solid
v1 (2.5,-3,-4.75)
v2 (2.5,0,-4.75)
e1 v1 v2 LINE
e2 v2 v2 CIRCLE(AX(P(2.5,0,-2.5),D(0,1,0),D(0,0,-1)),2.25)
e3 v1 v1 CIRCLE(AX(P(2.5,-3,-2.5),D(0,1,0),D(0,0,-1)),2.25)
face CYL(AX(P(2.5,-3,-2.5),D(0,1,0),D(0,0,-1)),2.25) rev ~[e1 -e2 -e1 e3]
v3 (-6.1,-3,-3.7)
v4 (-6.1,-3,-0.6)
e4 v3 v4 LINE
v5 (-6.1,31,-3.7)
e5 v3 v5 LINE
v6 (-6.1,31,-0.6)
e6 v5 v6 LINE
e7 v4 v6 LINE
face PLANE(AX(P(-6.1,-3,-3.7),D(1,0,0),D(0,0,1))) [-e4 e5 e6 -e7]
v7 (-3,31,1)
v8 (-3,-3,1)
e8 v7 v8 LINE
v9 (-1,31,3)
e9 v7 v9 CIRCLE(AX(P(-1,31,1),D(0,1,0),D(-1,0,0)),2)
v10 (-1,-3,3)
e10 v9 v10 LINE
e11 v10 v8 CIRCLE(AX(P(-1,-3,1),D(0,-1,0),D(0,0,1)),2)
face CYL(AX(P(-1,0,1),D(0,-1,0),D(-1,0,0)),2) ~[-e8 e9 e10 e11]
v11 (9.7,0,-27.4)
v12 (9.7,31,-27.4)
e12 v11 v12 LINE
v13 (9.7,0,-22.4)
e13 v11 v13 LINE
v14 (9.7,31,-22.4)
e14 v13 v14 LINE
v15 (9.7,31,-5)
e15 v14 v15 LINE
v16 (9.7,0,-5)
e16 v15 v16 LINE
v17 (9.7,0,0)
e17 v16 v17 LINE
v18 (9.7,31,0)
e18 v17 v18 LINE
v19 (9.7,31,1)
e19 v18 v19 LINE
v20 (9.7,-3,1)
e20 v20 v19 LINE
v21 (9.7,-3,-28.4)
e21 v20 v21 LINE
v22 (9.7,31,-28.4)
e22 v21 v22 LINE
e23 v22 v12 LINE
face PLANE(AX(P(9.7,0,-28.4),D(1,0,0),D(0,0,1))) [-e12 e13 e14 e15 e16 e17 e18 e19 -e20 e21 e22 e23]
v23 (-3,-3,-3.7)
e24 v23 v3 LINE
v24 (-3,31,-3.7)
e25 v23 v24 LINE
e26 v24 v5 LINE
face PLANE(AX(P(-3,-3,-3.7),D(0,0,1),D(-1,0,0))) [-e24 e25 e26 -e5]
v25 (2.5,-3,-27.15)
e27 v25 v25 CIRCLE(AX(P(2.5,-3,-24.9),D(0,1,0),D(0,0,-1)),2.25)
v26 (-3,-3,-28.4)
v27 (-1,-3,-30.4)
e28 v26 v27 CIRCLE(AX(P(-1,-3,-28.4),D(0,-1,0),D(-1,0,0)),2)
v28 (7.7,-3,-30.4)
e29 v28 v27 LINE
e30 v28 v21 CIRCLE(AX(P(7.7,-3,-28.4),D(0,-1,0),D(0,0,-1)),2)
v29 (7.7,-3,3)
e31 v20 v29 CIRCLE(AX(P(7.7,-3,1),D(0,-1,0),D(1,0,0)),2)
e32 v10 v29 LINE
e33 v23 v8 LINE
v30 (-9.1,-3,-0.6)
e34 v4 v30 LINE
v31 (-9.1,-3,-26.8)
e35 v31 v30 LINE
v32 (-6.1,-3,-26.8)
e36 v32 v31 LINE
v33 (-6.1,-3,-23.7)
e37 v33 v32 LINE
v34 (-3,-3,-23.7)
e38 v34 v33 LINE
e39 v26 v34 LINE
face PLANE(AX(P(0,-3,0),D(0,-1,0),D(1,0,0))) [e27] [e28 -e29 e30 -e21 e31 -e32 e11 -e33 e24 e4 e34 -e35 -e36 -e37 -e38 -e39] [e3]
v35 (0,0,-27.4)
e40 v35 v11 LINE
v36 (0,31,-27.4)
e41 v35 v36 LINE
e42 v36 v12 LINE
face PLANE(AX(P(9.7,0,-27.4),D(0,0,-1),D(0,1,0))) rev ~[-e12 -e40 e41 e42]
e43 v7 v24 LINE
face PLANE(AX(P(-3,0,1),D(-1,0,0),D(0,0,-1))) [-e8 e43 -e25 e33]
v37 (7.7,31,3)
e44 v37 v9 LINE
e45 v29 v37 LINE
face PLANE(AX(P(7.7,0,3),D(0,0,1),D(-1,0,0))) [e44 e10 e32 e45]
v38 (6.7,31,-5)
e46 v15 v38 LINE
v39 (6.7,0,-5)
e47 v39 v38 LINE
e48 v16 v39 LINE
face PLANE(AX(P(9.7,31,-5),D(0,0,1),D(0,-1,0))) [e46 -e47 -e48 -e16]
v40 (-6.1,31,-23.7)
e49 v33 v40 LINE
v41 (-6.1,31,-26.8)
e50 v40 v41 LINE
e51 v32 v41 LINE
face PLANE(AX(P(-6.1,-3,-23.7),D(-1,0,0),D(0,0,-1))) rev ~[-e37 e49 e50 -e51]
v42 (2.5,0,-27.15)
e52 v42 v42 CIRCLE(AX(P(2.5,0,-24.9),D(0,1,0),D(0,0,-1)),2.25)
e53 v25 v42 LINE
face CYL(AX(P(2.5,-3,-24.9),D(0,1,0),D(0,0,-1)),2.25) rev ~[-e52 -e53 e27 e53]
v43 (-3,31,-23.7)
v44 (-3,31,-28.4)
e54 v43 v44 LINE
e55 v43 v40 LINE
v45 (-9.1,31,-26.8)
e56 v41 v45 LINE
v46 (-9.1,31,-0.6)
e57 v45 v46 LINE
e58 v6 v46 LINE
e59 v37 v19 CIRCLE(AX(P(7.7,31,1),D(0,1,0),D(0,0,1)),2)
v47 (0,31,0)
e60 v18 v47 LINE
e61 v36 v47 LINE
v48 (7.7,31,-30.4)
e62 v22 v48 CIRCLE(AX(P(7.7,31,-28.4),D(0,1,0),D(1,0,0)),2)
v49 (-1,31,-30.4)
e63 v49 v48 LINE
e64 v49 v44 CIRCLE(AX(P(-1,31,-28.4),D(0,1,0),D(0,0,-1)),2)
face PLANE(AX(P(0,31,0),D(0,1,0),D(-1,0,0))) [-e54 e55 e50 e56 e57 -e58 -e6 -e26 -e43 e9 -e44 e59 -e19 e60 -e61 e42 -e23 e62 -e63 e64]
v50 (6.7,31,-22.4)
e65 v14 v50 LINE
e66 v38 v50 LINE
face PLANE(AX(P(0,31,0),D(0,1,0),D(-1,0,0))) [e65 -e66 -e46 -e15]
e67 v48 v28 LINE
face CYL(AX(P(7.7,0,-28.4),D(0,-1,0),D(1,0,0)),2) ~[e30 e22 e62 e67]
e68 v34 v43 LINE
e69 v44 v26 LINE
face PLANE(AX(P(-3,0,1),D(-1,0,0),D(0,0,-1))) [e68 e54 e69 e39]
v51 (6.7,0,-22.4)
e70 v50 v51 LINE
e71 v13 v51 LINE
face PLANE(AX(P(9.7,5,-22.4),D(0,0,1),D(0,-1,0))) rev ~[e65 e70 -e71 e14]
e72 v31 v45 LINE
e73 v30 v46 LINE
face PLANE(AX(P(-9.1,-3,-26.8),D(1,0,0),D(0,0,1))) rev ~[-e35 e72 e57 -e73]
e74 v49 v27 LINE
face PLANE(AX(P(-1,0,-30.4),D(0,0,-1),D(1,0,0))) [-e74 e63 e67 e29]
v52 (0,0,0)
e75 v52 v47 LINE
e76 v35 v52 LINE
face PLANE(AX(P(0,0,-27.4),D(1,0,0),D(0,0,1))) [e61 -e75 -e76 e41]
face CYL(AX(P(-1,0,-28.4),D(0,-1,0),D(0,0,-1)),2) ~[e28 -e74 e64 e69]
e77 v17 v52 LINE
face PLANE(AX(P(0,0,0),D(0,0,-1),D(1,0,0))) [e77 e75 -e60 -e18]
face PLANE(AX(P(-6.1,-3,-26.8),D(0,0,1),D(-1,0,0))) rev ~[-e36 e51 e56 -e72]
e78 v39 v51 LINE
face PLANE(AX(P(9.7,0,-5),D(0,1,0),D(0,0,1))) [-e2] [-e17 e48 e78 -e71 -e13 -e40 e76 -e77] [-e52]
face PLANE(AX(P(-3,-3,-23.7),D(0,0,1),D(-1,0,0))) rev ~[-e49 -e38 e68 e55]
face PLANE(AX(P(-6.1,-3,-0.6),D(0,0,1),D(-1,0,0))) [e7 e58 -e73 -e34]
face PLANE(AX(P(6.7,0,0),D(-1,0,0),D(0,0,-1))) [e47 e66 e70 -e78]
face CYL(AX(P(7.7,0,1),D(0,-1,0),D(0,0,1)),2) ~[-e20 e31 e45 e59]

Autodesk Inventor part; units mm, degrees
ref_plane "YZ Plane" through (0, 0, 0) normal (1, 0, 0) x (0, 1, 0)
ref_plane "XZ Plane" through (0, 0, 0) normal (0, 1, 0) x (-1, 0, 0)
ref_plane "XY Plane" through (0, 0, 0) normal (0, 0, 1) x (1, 0, 0)
sketch "Boceto1" plane through (0, 0, 0) normal (0, 1, 0) x (-1, 0, 0)
  line L0 (0, 0) -> (-6.7, 0)
  line L1 (-6.7, 0) -> (-6.7, -27.4)
  line L2 (-6.7, -27.4) -> (0, -27.4)
  line L3 (0, -27.4) -> (0, 0)
  line L4 (-7.7, 3) -> (1, 3)
  line L5 (3, 1) -> (3, -28.4)
  line L6 (1, -30.4) -> (-7.7, -30.4)
  line L7 (-9.7, -28.4) -> (-9.7, 1)
  arc A0 (3, 1) -> (1, 3) centre (1, 1) ccw
  arc A1 (-7.7, 3) -> (-9.7, 1) centre (-7.7, 1) ccw
  arc A2 (-9.7, -28.4) -> (-7.7, -30.4) centre (-7.7, -28.4) ccw
  arc A3 (1, -30.4) -> (3, -28.4) centre (1, -28.4) ccw
  dimension "d0" = 6.7
  dimension "d1" = 27.4
  dimension "d2" = 3
  dimension "d3" = 2
extrude "Extrusión1" add sketch "Boceto1" along normal blind 31
sketch "Boceto2" plane through (0, 0, 0) normal (0, -1, 0) x (1, 0, 0)
  line L0 (9.7, 1) -> (9.7, -28.4) projected
  arc A0 (9.7, 1) -> (7.7, 3) centre (7.7, 1) ccw projected
  line L1 (-1, 3) -> (7.7, 3) projected
  arc A1 (-1, 3) -> (-3, 1) centre (-1, 1) ccw projected
  line L2 (-3, -28.4) -> (-3, 1) projected
  arc A2 (-3, -28.4) -> (-1, -30.4) centre (-1, -28.4) ccw projected
  line L3 (7.7, -30.4) -> (-1, -30.4) projected
  arc A3 (7.7, -30.4) -> (9.7, -28.4) centre (7.7, -28.4) ccw projected
  point P0 (0, 0)
extrude "Extrusión2" add sketch "Boceto2" along normal blind 3
sketch "Boceto3" plane through (9.7, 31, 1) normal (1, 0, 0) x (0, 0, -1)
  line L0 (29.4, -34) -> (29.4, 0) projected
  line L1 (0, 0) -> (29.4, 0) projected
  line L2 (0, -34) -> (0, 0) projected
  line L3 (29.4, -34) -> (0, -34) projected
  line L4 (28.4, -31) -> (28.4, 0) projected
  line L5 (1, -31) -> (1, 0) projected
  line L6 (28.4, -31) -> (1, -31) projected
  line L7 (6, 0) -> (6, -26)
  line L8 (6, -26) -> (23.4, -26)
  line L9 (23.4, -26) -> (23.4, 0)
  line L10 (23.4, -26) -> (23.4, -31)
  line L11 (6, -26) -> (6, -31)
  point P0 (6, 0)
  dimension "d8" = 5
extrude "Extrusión3" cut sketch "Boceto3" against normal blind 3 contours L4 L6 L10 L9 L1 | L1 L7 L11 L6 L5
sketch "Boceto4" plane through (0, -3, 0) normal (0, -1, 0) x (1, 0, 0)
  line L0 (-3, 1) -> (-3, -28.4) projected
  line L1 (-3, -3.7) -> (-6.1, -3.7)
  line L2 (-6.1, -3.7) -> (-6.1, -0.6)
  line L3 (-6.1, -0.6) -> (-9.1, -0.6)
  line L4 (-3, -23.7) -> (-6.1, -23.7)
  line L5 (-6.1, -23.7) -> (-6.1, -26.8)
  line L6 (-6.1, -26.8) -> (-9.1, -26.8)
  line L7 (-9.1, -26.8) -> (-9.1, -0.6)
  line L8 (0, 0) -> (0, -27.4) projected
  point P0 (0, -13.7)
  dimension "d11" = 3.1
  dimension "d12" = 3.1
  dimension "d13" = 3
  dimension "d14" = 3.1
  dimension "d15" = 10
  dimension "d16" = 10
  dimension "d17" = 3.1
extrude "Extrusión4" add sketch "Boceto4" against normal up to surface (34 mm away)
sketch "Boceto5" plane through (0, -3, 0) normal (0, -1, 0) x (1, 0, 0)
  line L0 (9.7, 0) -> (0, 0) projected
  line L1 (9.7, -5) -> (9.7, 0) projected
  line L2 (9.7, -5) -> (6.7, -5) projected
  line L3 (6.7, -22.4) -> (6.7, -5) projected
  line L4 (9.7, -22.4) -> (6.7, -22.4) projected
  line L5 (9.7, -27.4) -> (9.7, -22.4) projected
  line L6 (0, -27.4) -> (9.7, -27.4) projected
  line L7 (0, 0) -> (0, -27.4) projected
  point P0 (2.5, -2.5)
  point P1 (2.5, -24.9)
  dimension "d20" = 2.5
  dimension "d21" = 2.5
hole "Agujero1" at (2.5, -3, -2.5) at (2.5, -3, -24.9) direction (0, 1, 0) diameter 4.5 end through all
properties part number "cajaEsp32Cam"
